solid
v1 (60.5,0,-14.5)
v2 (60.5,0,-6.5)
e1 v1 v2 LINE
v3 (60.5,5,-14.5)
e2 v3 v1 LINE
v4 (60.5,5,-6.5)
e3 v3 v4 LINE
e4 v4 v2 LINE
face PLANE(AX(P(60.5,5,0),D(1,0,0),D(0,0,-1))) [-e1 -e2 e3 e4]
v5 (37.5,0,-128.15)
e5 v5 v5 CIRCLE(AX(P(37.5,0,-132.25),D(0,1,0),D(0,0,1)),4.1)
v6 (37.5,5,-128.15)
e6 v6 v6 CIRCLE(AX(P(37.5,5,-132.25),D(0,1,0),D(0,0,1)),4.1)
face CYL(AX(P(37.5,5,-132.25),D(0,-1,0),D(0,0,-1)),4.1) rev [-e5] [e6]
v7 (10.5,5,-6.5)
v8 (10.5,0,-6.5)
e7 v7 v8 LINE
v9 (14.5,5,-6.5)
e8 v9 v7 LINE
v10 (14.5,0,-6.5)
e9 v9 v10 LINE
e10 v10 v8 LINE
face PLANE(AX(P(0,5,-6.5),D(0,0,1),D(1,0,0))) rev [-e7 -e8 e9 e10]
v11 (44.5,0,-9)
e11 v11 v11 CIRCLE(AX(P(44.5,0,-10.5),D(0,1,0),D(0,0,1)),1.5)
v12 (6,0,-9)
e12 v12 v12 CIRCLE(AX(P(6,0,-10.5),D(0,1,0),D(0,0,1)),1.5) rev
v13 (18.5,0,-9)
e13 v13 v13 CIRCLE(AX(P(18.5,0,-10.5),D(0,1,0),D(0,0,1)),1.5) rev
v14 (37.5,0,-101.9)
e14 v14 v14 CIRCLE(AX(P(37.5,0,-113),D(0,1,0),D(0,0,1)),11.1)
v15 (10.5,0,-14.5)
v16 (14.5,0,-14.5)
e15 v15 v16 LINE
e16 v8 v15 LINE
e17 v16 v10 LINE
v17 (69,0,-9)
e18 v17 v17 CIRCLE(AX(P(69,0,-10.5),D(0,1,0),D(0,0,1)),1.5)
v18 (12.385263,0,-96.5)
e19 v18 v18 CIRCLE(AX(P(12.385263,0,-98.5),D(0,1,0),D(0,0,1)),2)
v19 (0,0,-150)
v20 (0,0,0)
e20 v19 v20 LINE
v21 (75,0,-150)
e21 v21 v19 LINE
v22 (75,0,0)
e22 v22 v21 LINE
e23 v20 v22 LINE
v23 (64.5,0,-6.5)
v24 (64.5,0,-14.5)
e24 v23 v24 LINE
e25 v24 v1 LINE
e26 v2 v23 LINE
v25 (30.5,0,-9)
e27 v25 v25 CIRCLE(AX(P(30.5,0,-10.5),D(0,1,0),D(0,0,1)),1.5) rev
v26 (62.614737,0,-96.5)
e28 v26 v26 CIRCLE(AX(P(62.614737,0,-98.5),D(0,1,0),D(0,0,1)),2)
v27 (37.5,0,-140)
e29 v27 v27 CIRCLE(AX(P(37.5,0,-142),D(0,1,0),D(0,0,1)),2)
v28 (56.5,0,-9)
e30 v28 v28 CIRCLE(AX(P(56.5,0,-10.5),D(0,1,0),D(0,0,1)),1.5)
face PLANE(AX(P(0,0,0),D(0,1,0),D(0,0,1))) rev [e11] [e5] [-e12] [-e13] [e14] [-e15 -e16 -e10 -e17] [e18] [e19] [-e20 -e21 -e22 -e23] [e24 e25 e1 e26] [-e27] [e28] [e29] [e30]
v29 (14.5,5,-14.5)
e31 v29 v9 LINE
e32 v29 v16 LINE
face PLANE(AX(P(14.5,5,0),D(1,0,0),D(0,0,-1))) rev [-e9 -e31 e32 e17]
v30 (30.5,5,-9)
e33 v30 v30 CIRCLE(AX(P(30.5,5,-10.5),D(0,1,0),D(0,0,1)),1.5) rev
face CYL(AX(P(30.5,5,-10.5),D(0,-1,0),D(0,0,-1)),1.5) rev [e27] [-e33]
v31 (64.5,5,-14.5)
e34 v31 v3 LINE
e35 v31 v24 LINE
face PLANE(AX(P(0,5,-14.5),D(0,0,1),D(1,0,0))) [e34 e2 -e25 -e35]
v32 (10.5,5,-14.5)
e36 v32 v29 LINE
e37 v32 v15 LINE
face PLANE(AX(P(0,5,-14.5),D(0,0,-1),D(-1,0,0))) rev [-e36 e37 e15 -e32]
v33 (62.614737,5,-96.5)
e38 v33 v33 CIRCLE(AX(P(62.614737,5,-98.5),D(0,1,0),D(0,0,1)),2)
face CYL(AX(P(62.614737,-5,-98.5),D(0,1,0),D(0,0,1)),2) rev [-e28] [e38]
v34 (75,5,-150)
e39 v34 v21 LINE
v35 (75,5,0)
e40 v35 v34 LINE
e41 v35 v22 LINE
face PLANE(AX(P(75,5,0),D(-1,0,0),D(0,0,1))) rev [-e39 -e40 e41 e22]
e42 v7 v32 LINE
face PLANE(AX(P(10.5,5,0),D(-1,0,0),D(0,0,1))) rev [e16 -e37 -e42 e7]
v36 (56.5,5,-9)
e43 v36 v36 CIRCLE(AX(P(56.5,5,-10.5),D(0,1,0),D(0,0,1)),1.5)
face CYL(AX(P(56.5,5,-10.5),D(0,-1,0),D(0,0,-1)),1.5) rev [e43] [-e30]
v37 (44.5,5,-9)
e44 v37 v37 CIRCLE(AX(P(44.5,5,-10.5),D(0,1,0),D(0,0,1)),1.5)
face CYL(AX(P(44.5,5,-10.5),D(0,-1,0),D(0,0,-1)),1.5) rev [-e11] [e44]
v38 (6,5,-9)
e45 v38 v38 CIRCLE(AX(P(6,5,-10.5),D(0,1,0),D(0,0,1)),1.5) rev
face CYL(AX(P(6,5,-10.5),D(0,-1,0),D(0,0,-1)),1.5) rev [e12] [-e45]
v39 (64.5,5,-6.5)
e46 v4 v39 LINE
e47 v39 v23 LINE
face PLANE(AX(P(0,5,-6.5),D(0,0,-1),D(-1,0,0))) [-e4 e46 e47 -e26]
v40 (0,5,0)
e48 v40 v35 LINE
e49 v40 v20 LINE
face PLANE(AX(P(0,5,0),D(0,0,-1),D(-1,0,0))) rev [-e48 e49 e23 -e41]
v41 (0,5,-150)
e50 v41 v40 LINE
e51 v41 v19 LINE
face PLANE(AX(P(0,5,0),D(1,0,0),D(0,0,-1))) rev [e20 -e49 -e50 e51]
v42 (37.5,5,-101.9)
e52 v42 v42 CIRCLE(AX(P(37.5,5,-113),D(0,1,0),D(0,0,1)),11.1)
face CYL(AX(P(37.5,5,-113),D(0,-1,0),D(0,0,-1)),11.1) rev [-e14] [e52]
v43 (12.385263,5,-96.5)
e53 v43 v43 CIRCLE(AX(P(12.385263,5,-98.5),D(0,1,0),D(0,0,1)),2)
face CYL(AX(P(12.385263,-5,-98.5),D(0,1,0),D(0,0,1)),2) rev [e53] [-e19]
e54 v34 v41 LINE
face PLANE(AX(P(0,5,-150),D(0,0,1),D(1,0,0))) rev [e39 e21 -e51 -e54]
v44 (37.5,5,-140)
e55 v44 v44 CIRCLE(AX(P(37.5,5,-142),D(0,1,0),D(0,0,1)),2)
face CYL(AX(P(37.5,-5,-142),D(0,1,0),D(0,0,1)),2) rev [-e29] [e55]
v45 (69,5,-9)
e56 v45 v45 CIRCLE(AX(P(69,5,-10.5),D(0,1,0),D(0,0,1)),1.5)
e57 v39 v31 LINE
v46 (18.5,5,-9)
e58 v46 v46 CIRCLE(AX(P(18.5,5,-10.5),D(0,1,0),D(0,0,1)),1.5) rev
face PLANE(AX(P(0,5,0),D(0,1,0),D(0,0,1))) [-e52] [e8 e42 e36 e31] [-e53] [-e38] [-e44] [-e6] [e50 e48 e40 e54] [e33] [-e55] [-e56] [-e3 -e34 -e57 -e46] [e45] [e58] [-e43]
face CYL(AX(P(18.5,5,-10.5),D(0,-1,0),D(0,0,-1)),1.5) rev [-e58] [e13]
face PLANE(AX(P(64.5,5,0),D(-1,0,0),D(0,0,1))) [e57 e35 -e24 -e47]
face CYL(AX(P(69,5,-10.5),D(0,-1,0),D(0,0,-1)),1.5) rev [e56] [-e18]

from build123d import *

# Parameters (mm, degrees)
SKETCH_1_R          = 1.5
SKETCH_1_W          = 4
SKETCH_1_H          = 8
SKETCH_1_R_2        = 4.1
SKETCH_1_R_3        = 11.1
EXTRUDE_6_DEPTH     = 5
SKETCH_2_R          = 2
CUT_EXTRUDE_1_DEPTH = 10


with BuildPart() as part:
    # 草图1 → 凸台-拉伸6 (new body)
    with BuildSketch(Plane(origin=(0, 0, 0), x_dir=(1, 0, 0), z_dir=(0, 1, 0))):
        Polygon((75, 150), (37.5, 150), (0, 150), (0, 0), (75, 0), align=None)
        with Locations((6, 10.5)):
            Circle(SKETCH_1_R, mode=Mode.SUBTRACT)
        with Locations((12.5, 10.5)):
            Rectangle(SKETCH_1_W, SKETCH_1_H, mode=Mode.SUBTRACT)
        with Locations((18.5, 10.5)):
            Circle(SKETCH_1_R, mode=Mode.SUBTRACT)
        with Locations((30.5, 10.5)):
            Circle(SKETCH_1_R, mode=Mode.SUBTRACT)
        with Locations((44.5, 10.5)):
            Circle(SKETCH_1_R, mode=Mode.SUBTRACT)
        with Locations((56.5, 10.5)):
            Circle(SKETCH_1_R, mode=Mode.SUBTRACT)
        with Locations((62.5, 10.5)):
            Rectangle(SKETCH_1_W, SKETCH_1_H, mode=Mode.SUBTRACT)
        with Locations((69, 10.5)):
            Circle(SKETCH_1_R, mode=Mode.SUBTRACT)
        with Locations((37.5, 132.25)):
            Circle(SKETCH_1_R_2, mode=Mode.SUBTRACT)
        with Locations((37.5, 113)):
            Circle(SKETCH_1_R_3, mode=Mode.SUBTRACT)
    extrude(amount=EXTRUDE_6_DEPTH)

    # 草图2 → 切除-拉伸1 (cut)
    with BuildSketch(Plane(origin=(0, 5, 0), x_dir=(1, 0, 0), z_dir=(0, 1, 0))):
        with Locations((37.5, 142)):
            Circle(SKETCH_2_R)
        with Locations((62.61473671, 98.5)):
            Circle(SKETCH_2_R)
        with Locations((12.38526329, 98.5)):
            Circle(SKETCH_2_R)
    extrude(amount=-CUT_EXTRUDE_1_DEPTH, mode=Mode.SUBTRACT)


solid = part.part
